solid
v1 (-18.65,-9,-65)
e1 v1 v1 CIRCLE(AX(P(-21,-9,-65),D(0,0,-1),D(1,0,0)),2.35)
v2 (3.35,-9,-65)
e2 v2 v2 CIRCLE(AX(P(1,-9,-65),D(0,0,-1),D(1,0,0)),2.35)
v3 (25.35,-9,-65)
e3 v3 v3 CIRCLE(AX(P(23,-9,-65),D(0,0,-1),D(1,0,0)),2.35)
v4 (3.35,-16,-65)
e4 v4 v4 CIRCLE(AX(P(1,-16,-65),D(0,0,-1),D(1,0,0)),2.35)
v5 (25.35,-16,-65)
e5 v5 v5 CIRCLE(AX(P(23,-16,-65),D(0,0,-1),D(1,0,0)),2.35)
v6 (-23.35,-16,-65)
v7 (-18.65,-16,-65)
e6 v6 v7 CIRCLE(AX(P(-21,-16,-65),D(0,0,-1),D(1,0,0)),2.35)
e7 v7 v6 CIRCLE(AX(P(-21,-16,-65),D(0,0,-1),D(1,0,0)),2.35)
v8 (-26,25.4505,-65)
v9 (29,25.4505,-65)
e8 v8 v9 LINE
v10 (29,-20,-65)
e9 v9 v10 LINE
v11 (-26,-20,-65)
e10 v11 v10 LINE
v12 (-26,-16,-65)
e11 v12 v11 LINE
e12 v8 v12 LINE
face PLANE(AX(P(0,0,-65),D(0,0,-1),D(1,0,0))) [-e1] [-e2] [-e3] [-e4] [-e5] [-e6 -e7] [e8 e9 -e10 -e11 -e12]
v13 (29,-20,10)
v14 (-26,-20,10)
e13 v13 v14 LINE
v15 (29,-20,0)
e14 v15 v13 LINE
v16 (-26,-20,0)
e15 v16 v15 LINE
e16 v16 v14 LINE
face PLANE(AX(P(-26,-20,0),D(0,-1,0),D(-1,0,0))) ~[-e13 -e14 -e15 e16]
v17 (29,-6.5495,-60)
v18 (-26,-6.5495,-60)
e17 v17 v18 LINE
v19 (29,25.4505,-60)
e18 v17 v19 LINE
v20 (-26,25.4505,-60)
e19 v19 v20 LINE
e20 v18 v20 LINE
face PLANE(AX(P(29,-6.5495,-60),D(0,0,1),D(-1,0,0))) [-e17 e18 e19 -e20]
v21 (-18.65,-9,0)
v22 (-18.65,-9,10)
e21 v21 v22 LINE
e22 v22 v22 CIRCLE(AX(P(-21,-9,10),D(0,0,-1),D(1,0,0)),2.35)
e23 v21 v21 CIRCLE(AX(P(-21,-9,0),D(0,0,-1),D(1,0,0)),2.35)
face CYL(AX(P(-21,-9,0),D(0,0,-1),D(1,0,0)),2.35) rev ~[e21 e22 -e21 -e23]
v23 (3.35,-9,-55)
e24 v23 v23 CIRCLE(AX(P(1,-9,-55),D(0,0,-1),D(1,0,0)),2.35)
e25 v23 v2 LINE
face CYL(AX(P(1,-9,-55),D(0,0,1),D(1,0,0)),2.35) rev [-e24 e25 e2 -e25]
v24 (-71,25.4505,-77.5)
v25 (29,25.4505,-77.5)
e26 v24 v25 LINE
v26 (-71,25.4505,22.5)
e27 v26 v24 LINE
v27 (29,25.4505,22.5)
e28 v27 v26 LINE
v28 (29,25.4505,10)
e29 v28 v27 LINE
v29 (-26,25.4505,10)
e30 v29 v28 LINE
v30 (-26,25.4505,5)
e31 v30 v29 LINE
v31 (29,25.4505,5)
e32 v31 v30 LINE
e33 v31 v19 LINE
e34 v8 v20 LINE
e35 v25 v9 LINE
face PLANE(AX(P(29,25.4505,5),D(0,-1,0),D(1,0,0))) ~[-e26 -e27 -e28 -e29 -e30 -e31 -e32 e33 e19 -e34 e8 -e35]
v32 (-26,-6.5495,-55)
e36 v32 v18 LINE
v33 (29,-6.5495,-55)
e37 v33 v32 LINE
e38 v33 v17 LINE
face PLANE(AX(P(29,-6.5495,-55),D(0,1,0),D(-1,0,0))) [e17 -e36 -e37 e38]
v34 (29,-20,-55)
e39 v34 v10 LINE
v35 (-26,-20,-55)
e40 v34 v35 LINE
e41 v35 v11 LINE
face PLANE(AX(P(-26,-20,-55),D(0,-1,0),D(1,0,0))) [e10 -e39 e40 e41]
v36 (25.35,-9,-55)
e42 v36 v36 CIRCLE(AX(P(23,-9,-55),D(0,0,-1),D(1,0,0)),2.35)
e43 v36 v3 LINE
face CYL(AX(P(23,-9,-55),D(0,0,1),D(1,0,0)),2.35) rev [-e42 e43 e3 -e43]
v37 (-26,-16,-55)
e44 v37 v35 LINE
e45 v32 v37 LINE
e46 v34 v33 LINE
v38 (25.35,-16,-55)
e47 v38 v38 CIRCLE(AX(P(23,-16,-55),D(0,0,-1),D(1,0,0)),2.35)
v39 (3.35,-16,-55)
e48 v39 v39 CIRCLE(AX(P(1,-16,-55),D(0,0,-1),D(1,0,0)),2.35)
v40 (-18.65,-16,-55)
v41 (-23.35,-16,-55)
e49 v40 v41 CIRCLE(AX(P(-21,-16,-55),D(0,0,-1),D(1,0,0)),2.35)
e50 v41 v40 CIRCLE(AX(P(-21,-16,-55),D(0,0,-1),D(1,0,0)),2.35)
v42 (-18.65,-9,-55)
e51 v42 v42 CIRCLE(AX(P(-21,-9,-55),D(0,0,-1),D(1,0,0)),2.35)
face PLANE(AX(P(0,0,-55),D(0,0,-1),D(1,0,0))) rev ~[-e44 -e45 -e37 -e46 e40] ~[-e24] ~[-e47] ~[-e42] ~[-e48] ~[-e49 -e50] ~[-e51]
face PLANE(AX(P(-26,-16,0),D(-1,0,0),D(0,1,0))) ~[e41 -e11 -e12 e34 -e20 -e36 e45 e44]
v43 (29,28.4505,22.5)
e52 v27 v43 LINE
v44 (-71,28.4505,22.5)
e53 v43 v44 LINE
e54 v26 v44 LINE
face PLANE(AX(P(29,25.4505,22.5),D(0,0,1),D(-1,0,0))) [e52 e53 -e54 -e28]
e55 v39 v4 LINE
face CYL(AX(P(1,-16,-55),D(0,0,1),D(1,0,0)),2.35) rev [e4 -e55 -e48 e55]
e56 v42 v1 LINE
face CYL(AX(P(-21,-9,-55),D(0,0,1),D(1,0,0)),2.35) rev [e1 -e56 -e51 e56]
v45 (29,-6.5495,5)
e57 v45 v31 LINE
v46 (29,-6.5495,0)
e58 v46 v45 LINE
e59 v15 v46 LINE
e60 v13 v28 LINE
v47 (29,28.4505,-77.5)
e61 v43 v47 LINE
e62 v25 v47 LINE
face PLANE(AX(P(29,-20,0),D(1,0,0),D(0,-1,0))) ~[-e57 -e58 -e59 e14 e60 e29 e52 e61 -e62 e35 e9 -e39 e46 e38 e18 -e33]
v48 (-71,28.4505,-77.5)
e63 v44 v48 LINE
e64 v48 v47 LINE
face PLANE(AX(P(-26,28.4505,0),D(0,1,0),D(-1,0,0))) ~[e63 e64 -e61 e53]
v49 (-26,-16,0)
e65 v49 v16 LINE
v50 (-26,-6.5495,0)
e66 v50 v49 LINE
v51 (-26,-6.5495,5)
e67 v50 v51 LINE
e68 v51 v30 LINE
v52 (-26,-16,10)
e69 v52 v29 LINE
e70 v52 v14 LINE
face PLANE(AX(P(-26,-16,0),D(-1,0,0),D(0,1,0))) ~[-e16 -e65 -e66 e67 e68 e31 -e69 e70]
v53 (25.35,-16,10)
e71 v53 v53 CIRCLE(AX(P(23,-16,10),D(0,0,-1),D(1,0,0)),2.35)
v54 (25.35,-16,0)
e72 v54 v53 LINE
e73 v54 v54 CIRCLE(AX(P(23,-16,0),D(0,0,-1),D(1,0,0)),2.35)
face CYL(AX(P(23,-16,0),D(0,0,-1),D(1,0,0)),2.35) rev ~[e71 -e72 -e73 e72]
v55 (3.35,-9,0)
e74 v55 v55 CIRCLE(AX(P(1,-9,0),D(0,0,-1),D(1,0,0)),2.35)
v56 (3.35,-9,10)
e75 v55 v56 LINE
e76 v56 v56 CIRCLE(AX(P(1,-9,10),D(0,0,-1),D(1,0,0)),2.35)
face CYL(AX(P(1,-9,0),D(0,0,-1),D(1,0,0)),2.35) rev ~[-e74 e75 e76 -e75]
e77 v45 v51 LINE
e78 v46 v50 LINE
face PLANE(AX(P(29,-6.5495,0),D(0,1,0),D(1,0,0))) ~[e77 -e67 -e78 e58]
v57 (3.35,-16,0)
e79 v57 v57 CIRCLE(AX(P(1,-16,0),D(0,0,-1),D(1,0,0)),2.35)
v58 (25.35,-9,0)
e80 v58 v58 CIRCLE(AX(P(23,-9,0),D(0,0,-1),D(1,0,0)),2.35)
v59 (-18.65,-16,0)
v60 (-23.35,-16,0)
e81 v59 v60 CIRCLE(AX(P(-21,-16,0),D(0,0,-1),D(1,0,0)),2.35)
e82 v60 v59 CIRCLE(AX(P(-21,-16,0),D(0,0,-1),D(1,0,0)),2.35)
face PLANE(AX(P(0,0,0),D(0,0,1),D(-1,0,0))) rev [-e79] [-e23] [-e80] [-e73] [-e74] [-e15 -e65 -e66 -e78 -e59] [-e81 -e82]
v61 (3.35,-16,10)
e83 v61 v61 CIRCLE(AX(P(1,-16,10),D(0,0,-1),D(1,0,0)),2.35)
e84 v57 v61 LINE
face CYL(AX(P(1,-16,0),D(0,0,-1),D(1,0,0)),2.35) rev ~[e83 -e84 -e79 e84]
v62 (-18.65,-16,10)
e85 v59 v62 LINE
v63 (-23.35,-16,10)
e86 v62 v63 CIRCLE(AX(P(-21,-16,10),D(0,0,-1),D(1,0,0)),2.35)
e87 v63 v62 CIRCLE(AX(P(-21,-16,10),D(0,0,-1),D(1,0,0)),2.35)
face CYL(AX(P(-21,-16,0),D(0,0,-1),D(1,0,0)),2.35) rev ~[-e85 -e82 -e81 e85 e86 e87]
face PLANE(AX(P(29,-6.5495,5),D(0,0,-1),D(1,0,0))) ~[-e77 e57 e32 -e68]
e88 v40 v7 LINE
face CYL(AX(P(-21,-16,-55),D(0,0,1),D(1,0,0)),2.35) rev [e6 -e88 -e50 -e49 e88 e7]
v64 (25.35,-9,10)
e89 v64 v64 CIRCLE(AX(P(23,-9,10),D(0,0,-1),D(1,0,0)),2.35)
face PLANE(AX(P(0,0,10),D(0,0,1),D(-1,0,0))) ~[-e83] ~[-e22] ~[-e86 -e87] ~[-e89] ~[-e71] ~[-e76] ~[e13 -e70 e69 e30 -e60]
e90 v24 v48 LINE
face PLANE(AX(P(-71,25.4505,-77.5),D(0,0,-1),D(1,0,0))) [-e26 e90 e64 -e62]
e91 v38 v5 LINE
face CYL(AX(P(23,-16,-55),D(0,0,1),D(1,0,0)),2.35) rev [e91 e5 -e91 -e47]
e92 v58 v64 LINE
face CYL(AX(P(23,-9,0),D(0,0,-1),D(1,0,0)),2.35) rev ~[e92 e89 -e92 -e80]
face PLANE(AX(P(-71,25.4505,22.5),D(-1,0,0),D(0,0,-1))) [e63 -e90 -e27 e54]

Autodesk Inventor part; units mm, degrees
ref_plane "YZ Plane" through (0, 0, 0) normal (1, 0, 0) x (0, 1, 0)
ref_plane "XZ Plane" through (0, 0, 0) normal (0, 1, 0) x (-1, 0, 0)
ref_plane "Work Plane1" through (0, 0, -55) normal (0, 0, -1) x (1, 0, 0)
sketch "Sketch2" plane through (0, 0, -55) normal (0, 0, -1) x (1, 0, 0)
  circle A0 centre (23, 9) radius 2.35 projected
  circle A1 centre (1, 9) radius 2.35 projected
  circle A2 centre (-21, 9) radius 2.35 projected
  circle A3 centre (-21, 16) radius 2.35 projected
  circle A4 centre (1, 16) radius 2.35 projected
  circle A5 centre (23, 16) radius 2.35 projected
  circle A6 centre (-66, 12.5) radius 1.6 projected
  circle A7 centre (63, 29.65) radius 1.6 projected
  arc A8 (58.9857, 35) -> (49.7248, 32.4349) centre (58.9857, 17) ccw projected
  line L0 (33.2752, 22.5651) -> (49.7248, 32.4349) projected
  arc A9 (24.0143, 20) -> (33.2752, 22.5651) centre (24.0143, 38) ccw projected
  line L1 (-71, 20) -> (24.0143, 20) projected
  arc A10 (-71, 20) -> (-81, 10) centre (-71, 10) ccw projected
  line L2 (-81, 6.5495) -> (-81, 10) projected
  line L3 (-80.0877, 6.5495) -> (-81, 6.5495) projected
  line L4 (81, 6.5495) -> (-80.0877, 6.5495) projected
  line L5 (81, 20) -> (81, 6.5495) projected
  arc A11 (81, 20) -> (66, 35) centre (66, 20) ccw projected
  line L6 (58.9857, 35) -> (66, 35) projected
  line L7 (-21, 16) -> (-26, 16)
  line L8 (-21, 16) -> (-16, 16) construction
  line L9 (-26, 16) -> (-26, 20)
  line L10 (-26, 20) -> (29, 20)
  line L11 (29, 20) -> (29, 6.5495)
  line L12 (29, 6.5495) -> (-26, 6.5495)
  line L13 (-26, 6.5495) -> (-26, 20)
  point P0 (0, 0)
  dimension "d0" = 5
  dimension "d1" = 180
  dimension "d2" = 55
extrude "Extrusion1" add sketch "Sketch2" along normal blind 10 contours L9 L1 L10 L11 L4 L13
sketch "Sketch3" plane through (-26, -6.5495, -55) normal (0, 1, 0) x (1, 0, 0)
  line L0 (0, 0) -> (0, 10) projected
  line L1 (0, 10) -> (55, 10)
  line L2 (55, 10) -> (55, 5)
  line L3 (55, 5) -> (0, 5)
  line L4 (0, 5) -> (0, 10)
  point P0 (26, -55)
  dimension "d5" = 55
  dimension "d6" = 5
extrude "Extrusion2" add sketch "Sketch3" along normal blind 35
sketch "Sketch4" plane through (-26, -6.5495, -60) normal (0, 0, 1) x (1, 0, 0)
  line L0 (0, -13.4505) -> (0, 35) projected
  line L1 (0, 35) -> (55, 35)
  line L2 (55, 35) -> (55, 32)
  line L3 (55, 32) -> (0, 32)
  line L4 (0, 32) -> (0, 35)
  point P0 (26, 6.5495)
  dimension "d9" = 55
  dimension "d10" = 3
ref_plane "Work Plane2" through (-91.43, -48.7723, -27.5) normal (0, 0, 1) x (1, 0, 0)
extrude "Extrusion3" add sketch "Sketch4" along normal up to surface (32.5 mm away)
ref_plane "Work Plane3" through (-26, -6.5495, -27.5) normal (0, 0, 1) x (1, 0, 0)
mirror "Mirror1" about plane through (-26, -6.5495, -27.5) normal (0, 0, 1) of "Extrusion3", "Extrusion2", "Extrusion1"
ref_plane "Work Plane4" through (-26, 25.4505, -55) normal (0, 1, 0) x (1, 0, 0)
sketch "Sketch5" plane through (-26, 25.4505, -55) normal (0, 1, 0) x (1, 0, 0)
  line L0 (55, 5) -> (55, -60) projected
  line L1 (55, -27.5) -> (55, -77.5)
  line L2 (55, -27.5) -> (105, -27.5) construction
  line L3 (55, -77.5) -> (-45, -77.5)
  line L4 (-45, -77.5) -> (-45, 22.5)
  line L5 (-45, 22.5) -> (55, 22.5)
  line L6 (55, 22.5) -> (55, -77.5)
  point P0 (26, -55)
  dimension "d15" = 50
  dimension "d16" = 90
  dimension "d17" = 100
  dimension "d18" = 100
extrude "Extrusion4" add sketch "Sketch5" along normal blind 3
